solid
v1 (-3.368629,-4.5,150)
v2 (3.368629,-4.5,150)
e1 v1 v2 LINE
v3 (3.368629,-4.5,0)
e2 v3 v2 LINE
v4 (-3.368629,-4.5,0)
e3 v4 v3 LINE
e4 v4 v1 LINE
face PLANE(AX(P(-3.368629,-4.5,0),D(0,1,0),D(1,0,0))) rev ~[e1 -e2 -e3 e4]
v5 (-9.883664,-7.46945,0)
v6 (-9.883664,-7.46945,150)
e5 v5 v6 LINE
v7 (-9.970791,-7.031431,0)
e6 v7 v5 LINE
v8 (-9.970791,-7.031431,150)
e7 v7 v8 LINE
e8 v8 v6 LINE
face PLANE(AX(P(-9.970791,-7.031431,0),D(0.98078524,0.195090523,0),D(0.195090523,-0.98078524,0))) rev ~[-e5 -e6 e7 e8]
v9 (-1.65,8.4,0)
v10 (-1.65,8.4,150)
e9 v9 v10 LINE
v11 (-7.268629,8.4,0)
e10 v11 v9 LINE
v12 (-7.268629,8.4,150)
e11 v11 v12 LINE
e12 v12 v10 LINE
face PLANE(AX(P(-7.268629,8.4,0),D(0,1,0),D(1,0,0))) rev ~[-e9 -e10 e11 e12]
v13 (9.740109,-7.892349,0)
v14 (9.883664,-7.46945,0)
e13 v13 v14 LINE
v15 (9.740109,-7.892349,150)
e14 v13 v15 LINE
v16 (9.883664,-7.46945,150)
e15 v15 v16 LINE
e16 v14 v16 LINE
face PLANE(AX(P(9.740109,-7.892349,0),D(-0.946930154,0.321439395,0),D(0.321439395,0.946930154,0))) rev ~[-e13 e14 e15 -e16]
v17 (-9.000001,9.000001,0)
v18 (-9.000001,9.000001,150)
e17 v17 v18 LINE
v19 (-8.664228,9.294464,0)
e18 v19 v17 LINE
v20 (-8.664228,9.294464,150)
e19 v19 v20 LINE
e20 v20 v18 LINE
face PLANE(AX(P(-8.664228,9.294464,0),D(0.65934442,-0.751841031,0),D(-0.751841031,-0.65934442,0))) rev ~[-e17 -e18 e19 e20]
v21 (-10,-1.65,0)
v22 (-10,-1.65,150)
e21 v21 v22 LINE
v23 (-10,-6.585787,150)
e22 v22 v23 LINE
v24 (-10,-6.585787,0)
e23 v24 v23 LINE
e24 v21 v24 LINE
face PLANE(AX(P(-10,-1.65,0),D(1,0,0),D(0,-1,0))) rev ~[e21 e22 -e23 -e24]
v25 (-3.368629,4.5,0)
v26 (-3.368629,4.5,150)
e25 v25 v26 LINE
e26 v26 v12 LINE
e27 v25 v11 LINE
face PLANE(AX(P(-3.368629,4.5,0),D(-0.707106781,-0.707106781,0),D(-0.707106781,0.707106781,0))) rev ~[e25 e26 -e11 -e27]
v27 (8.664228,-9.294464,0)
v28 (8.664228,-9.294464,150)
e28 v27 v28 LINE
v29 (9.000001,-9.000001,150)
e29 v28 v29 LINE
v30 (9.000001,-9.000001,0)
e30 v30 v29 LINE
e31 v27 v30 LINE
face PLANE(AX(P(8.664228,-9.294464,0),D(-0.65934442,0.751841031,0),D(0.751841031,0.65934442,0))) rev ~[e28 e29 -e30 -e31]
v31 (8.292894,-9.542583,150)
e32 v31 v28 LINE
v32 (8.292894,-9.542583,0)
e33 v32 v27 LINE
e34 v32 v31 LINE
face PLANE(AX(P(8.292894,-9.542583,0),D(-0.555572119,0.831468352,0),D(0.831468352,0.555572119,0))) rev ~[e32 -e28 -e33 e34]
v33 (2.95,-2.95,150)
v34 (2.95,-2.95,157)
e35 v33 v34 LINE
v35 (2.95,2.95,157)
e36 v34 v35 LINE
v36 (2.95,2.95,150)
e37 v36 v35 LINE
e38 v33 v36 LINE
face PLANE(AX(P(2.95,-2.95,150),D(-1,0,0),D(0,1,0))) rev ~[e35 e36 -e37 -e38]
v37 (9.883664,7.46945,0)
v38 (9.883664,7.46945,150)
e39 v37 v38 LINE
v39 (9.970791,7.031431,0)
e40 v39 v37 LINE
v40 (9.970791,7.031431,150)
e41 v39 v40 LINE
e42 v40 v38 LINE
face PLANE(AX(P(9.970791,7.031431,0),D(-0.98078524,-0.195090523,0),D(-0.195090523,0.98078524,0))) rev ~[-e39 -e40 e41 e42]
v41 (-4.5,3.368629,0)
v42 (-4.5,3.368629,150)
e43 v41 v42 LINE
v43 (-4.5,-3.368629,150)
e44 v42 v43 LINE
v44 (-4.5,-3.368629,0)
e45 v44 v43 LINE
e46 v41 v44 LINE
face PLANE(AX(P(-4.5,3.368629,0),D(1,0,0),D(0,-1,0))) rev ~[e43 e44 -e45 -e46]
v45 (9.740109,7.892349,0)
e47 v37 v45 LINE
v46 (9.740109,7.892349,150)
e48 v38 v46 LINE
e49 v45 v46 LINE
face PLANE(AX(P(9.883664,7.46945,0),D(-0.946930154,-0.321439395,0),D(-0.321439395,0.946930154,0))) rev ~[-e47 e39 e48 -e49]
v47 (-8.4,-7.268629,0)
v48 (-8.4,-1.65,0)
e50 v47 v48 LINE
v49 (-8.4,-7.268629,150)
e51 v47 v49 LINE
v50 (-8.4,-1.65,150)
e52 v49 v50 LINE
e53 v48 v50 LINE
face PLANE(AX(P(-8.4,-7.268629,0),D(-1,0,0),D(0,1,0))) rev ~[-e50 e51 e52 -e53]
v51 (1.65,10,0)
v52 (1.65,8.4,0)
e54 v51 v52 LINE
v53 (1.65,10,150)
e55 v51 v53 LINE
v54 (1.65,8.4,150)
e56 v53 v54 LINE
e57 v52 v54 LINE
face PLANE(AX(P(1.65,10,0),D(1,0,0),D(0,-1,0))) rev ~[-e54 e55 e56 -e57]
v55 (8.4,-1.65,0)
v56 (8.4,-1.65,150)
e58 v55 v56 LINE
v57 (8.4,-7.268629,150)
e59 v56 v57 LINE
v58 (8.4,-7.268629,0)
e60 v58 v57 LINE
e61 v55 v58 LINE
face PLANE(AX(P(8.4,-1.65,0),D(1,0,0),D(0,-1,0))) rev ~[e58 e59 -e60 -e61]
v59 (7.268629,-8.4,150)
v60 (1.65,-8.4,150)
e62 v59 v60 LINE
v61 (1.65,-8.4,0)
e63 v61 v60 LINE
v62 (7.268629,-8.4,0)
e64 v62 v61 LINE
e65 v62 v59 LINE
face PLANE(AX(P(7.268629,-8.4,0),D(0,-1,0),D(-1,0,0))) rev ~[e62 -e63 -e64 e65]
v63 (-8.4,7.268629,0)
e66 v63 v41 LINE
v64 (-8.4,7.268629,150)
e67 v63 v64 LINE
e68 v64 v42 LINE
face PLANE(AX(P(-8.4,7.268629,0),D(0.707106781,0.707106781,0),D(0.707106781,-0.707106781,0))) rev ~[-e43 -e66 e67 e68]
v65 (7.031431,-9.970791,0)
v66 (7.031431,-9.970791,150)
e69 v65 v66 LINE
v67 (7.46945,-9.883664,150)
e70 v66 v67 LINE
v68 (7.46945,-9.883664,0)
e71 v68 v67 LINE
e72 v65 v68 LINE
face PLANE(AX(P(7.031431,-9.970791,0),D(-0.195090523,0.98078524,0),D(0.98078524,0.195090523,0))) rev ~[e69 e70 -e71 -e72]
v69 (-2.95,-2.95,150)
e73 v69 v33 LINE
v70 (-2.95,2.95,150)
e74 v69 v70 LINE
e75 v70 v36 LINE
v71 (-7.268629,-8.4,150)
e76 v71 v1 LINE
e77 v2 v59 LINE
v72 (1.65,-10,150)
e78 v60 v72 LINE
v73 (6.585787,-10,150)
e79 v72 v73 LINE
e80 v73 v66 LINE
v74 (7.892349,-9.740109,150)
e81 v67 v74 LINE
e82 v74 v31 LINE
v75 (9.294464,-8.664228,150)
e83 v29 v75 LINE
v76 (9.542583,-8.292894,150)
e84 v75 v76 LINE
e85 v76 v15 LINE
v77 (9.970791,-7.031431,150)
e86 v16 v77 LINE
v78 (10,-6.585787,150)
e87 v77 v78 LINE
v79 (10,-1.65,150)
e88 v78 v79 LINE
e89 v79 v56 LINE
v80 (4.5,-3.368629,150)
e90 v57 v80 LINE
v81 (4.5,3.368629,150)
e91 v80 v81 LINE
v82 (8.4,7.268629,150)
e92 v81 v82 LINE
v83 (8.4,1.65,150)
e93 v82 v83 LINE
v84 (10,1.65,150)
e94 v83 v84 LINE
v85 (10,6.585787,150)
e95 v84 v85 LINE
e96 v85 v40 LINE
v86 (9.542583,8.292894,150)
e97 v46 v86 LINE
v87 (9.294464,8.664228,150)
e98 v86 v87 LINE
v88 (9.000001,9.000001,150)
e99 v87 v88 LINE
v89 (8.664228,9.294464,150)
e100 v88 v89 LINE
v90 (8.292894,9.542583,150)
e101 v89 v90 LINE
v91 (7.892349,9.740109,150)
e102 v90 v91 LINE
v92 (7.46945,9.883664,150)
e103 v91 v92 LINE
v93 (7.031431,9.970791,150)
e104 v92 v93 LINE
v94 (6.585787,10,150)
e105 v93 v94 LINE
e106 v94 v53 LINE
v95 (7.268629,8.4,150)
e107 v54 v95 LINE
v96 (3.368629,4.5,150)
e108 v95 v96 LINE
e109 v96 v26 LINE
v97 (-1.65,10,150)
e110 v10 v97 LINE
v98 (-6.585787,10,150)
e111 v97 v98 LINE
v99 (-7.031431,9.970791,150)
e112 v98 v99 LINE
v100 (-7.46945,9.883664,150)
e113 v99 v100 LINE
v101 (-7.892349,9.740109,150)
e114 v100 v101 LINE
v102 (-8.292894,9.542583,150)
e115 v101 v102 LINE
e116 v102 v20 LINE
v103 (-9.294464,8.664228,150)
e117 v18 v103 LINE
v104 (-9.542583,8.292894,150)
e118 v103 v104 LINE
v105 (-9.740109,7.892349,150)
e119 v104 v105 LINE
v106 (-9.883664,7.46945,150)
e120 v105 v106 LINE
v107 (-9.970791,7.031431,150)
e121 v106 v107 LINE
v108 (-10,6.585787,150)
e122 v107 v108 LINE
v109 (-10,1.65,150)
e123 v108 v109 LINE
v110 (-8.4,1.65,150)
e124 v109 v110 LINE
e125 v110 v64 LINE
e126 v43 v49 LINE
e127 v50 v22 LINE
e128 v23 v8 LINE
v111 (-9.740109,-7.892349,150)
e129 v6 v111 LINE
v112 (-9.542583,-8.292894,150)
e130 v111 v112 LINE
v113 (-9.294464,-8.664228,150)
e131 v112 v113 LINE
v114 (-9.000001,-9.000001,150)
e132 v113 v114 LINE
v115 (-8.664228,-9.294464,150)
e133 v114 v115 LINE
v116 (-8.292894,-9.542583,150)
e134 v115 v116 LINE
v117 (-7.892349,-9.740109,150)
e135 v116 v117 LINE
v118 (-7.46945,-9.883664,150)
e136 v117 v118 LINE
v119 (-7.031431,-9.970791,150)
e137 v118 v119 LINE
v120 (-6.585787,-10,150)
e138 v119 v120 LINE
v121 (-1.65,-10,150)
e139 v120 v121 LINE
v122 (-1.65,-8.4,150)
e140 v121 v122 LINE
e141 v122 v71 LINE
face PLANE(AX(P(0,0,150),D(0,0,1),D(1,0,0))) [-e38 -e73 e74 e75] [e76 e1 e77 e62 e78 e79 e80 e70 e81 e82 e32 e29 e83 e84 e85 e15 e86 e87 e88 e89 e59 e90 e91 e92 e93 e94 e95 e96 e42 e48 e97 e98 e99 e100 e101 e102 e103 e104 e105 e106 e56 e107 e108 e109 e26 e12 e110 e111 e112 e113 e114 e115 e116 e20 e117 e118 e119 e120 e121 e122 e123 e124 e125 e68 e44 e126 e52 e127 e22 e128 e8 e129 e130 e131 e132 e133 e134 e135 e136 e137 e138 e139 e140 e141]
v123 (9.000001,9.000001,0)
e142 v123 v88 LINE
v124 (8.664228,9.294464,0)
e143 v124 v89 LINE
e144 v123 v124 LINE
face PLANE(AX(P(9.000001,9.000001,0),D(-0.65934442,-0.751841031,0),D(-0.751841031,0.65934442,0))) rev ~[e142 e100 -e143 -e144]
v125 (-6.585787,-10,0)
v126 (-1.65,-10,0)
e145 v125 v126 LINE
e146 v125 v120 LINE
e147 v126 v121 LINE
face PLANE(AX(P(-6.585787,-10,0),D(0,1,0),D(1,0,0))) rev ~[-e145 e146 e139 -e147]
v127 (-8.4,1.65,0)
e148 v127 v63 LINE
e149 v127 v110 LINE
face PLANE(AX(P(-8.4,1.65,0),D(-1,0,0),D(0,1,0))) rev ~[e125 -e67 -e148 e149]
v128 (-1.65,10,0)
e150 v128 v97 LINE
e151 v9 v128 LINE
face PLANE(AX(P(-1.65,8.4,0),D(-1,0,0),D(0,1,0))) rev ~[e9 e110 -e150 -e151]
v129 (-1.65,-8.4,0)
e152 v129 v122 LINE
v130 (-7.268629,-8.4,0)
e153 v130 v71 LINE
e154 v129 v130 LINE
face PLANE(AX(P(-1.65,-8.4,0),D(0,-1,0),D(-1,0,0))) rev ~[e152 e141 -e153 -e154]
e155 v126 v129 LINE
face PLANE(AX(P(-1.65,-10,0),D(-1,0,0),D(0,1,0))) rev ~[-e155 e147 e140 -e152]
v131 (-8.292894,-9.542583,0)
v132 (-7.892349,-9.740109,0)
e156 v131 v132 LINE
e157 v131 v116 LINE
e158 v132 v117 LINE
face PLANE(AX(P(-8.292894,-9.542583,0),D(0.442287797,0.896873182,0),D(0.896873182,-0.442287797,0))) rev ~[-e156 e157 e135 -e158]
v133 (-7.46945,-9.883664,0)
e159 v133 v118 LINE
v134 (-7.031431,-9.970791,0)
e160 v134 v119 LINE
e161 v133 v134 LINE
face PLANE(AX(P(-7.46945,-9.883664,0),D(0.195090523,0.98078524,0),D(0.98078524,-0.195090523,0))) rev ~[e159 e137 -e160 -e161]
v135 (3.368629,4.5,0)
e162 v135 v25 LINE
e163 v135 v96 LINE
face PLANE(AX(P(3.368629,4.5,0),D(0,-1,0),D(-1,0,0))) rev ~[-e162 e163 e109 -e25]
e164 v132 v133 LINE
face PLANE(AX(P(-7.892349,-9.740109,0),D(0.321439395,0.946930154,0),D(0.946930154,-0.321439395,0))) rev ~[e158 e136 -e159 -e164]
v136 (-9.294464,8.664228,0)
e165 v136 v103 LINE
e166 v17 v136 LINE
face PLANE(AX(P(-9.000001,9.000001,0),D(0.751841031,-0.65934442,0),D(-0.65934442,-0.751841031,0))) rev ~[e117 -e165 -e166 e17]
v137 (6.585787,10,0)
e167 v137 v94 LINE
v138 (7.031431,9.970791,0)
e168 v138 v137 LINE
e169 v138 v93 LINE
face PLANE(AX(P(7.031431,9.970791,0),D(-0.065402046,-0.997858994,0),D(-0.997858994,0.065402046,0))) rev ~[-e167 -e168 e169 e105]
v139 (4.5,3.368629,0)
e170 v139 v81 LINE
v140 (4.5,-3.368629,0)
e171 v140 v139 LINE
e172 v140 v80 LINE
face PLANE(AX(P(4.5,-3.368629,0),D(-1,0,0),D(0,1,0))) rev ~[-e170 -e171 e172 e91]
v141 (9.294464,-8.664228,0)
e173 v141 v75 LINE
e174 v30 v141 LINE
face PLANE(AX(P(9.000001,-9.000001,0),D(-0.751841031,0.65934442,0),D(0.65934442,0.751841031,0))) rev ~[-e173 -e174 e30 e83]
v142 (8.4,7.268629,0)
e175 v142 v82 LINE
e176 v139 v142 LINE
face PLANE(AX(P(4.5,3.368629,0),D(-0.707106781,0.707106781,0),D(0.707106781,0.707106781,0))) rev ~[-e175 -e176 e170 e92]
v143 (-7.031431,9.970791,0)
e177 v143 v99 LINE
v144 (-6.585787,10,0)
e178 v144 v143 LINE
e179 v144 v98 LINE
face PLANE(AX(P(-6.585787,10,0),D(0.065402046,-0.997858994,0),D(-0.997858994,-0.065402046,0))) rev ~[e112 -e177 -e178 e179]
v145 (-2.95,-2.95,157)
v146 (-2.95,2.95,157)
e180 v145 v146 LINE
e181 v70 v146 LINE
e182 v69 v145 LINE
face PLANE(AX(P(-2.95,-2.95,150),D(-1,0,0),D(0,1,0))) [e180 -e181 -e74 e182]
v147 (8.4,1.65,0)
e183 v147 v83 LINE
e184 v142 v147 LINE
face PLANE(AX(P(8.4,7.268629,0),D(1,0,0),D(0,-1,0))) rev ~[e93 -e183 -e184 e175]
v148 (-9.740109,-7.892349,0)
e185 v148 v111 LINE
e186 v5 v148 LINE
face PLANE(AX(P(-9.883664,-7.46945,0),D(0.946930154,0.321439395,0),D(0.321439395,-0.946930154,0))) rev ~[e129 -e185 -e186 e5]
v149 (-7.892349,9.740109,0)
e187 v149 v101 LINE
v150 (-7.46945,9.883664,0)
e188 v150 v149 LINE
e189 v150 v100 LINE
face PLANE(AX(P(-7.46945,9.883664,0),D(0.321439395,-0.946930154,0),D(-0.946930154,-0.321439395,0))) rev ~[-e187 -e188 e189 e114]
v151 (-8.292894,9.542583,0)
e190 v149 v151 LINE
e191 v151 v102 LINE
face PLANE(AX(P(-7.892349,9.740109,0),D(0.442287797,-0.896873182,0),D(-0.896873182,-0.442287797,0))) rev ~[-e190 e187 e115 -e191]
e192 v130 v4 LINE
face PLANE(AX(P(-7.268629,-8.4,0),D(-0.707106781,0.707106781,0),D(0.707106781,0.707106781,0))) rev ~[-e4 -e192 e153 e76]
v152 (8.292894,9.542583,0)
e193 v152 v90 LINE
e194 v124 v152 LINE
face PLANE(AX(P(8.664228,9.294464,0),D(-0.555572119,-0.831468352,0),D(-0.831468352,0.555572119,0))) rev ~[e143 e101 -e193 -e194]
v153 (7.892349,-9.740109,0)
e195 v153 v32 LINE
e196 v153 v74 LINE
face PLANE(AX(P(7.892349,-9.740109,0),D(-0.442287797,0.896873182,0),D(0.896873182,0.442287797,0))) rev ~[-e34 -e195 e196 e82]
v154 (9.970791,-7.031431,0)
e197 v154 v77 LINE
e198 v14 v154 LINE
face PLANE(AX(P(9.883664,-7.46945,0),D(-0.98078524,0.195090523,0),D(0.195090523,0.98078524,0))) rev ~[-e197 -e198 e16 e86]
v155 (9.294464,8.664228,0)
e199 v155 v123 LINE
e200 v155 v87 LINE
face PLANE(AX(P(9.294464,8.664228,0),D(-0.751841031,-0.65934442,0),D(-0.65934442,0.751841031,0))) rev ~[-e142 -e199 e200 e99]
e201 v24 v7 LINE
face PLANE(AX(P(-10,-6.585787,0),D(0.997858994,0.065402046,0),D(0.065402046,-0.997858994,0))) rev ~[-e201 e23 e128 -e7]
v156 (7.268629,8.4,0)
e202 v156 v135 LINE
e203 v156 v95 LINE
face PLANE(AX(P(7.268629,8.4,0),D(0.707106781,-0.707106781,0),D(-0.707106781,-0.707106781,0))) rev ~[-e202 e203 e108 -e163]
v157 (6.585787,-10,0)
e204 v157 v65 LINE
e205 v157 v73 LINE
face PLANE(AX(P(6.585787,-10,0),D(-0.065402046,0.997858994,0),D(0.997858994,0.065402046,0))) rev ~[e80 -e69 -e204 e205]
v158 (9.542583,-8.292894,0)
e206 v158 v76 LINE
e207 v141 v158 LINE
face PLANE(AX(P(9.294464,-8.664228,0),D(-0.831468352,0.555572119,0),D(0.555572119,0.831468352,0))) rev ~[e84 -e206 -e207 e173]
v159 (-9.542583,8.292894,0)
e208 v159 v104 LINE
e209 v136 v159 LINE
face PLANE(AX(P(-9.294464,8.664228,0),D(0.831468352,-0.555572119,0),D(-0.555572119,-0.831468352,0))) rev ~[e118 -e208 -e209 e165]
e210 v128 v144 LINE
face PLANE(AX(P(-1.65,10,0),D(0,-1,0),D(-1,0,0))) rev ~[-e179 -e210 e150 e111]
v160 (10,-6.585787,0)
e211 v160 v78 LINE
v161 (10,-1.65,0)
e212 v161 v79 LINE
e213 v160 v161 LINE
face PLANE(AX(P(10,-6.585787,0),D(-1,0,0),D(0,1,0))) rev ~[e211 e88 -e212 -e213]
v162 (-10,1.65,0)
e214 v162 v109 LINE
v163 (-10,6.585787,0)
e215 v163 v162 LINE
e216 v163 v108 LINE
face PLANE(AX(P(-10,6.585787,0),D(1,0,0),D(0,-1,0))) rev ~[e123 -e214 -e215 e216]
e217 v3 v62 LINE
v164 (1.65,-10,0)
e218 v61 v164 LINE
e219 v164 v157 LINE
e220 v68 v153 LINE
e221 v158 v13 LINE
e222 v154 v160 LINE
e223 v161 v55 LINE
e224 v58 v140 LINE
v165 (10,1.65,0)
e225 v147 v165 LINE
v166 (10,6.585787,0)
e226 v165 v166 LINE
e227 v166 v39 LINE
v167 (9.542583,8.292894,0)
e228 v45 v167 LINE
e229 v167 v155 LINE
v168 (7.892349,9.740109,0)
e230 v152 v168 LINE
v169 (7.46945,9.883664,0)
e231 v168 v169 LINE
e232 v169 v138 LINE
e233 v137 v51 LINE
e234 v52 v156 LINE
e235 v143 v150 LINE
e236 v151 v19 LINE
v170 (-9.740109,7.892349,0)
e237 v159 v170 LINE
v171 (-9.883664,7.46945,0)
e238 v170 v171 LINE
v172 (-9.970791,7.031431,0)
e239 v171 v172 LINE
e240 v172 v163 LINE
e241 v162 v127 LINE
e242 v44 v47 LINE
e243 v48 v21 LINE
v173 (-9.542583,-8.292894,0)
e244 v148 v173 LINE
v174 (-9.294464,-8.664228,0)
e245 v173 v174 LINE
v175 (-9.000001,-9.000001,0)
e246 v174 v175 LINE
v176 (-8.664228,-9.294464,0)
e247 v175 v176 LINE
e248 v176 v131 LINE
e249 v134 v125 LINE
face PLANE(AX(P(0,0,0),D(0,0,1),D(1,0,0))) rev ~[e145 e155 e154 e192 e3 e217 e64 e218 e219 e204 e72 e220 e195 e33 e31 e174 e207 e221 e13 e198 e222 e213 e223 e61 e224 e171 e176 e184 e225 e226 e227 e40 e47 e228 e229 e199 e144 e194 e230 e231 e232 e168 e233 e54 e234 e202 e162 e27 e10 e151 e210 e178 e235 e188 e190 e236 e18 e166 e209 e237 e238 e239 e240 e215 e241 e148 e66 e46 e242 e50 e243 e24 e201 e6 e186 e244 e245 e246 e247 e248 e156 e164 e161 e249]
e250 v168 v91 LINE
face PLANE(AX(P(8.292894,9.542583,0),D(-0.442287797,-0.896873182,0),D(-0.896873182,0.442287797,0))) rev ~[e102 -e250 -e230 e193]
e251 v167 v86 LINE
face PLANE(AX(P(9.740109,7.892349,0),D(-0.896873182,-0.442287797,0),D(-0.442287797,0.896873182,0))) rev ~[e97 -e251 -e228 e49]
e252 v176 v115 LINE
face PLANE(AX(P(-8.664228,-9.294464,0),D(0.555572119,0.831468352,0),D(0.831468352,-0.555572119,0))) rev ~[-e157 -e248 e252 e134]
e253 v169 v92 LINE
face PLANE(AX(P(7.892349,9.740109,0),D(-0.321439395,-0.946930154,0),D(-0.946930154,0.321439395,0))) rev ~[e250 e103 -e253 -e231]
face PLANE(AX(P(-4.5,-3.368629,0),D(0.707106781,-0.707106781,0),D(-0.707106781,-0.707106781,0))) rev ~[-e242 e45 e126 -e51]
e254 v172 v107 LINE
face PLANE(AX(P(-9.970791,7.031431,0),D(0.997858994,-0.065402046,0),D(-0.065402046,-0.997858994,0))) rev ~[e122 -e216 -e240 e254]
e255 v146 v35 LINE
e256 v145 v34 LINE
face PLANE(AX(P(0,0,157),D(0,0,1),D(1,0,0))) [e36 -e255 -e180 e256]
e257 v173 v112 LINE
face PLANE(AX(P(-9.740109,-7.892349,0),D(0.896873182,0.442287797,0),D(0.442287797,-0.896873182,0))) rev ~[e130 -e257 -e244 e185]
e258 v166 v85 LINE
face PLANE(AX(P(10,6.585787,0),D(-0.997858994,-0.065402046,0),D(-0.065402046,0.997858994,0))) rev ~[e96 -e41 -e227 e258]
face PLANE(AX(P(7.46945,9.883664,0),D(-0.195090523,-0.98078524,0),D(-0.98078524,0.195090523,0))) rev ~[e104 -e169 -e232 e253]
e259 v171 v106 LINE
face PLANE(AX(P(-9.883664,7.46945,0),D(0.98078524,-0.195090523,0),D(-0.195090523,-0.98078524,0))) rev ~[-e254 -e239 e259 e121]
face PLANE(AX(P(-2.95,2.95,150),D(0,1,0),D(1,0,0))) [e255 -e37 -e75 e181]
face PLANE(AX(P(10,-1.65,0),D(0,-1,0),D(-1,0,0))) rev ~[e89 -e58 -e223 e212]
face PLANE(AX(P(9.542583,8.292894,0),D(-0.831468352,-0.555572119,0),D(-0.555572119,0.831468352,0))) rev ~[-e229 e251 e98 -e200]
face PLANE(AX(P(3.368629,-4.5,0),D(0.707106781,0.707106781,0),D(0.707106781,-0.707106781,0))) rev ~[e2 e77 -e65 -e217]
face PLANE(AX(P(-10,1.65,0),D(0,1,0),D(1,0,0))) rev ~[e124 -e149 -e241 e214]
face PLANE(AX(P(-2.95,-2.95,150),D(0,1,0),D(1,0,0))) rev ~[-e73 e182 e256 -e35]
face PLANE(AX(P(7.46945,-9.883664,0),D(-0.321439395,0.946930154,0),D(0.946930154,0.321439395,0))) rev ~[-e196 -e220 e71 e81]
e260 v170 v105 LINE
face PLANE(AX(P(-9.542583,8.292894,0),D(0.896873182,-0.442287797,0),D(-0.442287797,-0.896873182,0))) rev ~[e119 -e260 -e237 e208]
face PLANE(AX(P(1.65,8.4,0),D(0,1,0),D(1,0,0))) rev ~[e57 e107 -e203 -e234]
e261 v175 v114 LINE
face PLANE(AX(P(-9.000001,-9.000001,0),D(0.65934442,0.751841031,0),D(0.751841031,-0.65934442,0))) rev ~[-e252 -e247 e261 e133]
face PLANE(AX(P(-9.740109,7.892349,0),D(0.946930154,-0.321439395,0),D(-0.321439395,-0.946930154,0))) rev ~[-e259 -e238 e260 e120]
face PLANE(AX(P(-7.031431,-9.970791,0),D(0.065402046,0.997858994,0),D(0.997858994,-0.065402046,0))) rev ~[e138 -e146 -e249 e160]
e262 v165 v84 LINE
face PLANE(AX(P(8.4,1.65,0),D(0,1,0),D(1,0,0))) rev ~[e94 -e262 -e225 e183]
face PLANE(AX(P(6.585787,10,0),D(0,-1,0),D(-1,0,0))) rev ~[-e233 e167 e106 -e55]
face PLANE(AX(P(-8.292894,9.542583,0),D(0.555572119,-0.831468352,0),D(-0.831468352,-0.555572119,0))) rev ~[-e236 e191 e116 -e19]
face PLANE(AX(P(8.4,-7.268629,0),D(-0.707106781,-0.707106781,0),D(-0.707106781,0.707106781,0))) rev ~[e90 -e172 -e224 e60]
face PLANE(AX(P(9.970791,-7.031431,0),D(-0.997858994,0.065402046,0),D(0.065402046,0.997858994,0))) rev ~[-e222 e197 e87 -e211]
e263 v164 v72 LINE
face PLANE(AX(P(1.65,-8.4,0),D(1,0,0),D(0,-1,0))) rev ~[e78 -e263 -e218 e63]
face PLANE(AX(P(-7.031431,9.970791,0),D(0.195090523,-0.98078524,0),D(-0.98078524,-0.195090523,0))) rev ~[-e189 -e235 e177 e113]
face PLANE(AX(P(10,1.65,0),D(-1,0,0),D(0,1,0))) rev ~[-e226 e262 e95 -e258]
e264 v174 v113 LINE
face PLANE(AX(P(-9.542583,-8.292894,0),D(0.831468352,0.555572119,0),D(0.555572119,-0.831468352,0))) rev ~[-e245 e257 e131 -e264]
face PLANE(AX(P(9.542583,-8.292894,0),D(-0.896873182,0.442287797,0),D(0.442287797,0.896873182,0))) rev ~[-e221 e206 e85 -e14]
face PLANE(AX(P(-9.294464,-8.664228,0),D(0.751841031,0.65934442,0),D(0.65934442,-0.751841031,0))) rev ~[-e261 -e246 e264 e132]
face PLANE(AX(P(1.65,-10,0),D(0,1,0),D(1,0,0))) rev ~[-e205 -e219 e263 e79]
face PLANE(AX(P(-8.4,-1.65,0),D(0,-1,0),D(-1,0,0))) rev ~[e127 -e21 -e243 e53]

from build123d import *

# Parameters (mm, degrees)
F1_DEPTH = 150
F3_START = 150
F2_W     = 5.9
F2_H     = 5.9
F3_DEPTH = 7


with BuildPart() as f1:
    # F0 (on Top) → F1 (new body)
    with BuildSketch(Plane.XY):
        Polygon((-8.6642279688, 9.2944640897), (-9.0000005454, 9.0000005454), (-9.2944640897, 8.6642279688), (-9.5425827994, 8.2928939011), (-9.740108966, 7.8923494527), (-9.8836638753, 7.4694502231), (-9.9707914372, 7.0314308605), (-10, 6.5857868932), (-10, 1.6499997364), (-8.4000001454, 1.6499997364), (-8.4000001454, 7.2686289692), (-4.5000002727, 3.3686290964), (-4.5000002727, -3.3686290964), (-8.4000001454, -7.2686289692), (-8.4000001454, -1.6499997364), (-10, -1.6499997364), (-10, -6.5857868932), (-9.9707914372, -7.0314308605), (-9.8836638753, -7.4694502231), (-9.740108966, -7.8923494527), (-9.5425827994, -8.2928939011), (-9.2944640897, -8.6642279688), (-9.0000005454, -9.0000005454), (-8.6642279688, -9.2944640897), (-8.2928939011, -9.5425827994), (-7.8923494527, -9.740108966), (-7.4694502231, -9.8836638753), (-7.0314308605, -9.9707914372), (-6.5857868932, -10), (-1.6499997364, -10), (-1.6499997364, -8.4000001454), (-7.2686289692, -8.4000001454), (-3.3686290964, -4.5000002727), (3.3686290964, -4.5000002727), (7.2686289692, -8.4000001454), (1.6499997364, -8.4000001454), (1.6499997364, -10), (6.5857868932, -10), (7.0314308605, -9.9707914372), (7.4694502231, -9.8836638753), (7.8923494527, -9.740108966), (8.2928939011, -9.5425827994), (8.6642279688, -9.2944640897), (9.0000005454, -9.0000005454), (9.2944640897, -8.6642279688), (9.5425827994, -8.2928939011), (9.740108966, -7.8923494527), (9.8836638753, -7.4694502231), (9.9707914372, -7.0314308605), (10, -6.5857868932), (10, -1.6499997364), (8.4000001454, -1.6499997364), (8.4000001454, -7.2686289692), (4.5000002727, -3.3686290964), (4.5000002727, 3.3686290964), (8.4000001454, 7.2686289692), (8.4000001454, 1.6499997364), (10, 1.6499997364), (10, 6.5857868932), (9.9707914372, 7.0314308605), (9.8836638753, 7.4694502231), (9.740108966, 7.8923494527), (9.5425827994, 8.2928939011), (9.2944640897, 8.6642279688), (9.0000005454, 9.0000005454), (8.6642279688, 9.2944640897), (8.2928939011, 9.5425827994), (7.8923494527, 9.740108966), (7.4694502231, 9.8836638753), (7.0314308605, 9.9707914372), (6.5857868932, 10), (1.6499997364, 10), (1.6499997364, 8.4000001454), (7.2686289692, 8.4000001454), (3.3686290964, 4.5000002727), (-3.3686290964, 4.5000002727), (-7.2686289692, 8.4000001454), (-1.6499997364, 8.4000001454), (-1.6499997364, 10), (-6.5857868932, 10), (-7.0314308605, 9.9707914372), (-7.4694502231, 9.8836638753), (-7.8923494527, 9.740108966), (-8.2928939011, 9.5425827994), align=None)
    extrude(amount=F1_DEPTH)

    # F2 (on Top) → F3 (join)
    with BuildSketch(Plane.XY.offset(F3_START)):
        Rectangle(F2_W, F2_H)
    extrude(amount=F3_DEPTH)


solid = f1.part
